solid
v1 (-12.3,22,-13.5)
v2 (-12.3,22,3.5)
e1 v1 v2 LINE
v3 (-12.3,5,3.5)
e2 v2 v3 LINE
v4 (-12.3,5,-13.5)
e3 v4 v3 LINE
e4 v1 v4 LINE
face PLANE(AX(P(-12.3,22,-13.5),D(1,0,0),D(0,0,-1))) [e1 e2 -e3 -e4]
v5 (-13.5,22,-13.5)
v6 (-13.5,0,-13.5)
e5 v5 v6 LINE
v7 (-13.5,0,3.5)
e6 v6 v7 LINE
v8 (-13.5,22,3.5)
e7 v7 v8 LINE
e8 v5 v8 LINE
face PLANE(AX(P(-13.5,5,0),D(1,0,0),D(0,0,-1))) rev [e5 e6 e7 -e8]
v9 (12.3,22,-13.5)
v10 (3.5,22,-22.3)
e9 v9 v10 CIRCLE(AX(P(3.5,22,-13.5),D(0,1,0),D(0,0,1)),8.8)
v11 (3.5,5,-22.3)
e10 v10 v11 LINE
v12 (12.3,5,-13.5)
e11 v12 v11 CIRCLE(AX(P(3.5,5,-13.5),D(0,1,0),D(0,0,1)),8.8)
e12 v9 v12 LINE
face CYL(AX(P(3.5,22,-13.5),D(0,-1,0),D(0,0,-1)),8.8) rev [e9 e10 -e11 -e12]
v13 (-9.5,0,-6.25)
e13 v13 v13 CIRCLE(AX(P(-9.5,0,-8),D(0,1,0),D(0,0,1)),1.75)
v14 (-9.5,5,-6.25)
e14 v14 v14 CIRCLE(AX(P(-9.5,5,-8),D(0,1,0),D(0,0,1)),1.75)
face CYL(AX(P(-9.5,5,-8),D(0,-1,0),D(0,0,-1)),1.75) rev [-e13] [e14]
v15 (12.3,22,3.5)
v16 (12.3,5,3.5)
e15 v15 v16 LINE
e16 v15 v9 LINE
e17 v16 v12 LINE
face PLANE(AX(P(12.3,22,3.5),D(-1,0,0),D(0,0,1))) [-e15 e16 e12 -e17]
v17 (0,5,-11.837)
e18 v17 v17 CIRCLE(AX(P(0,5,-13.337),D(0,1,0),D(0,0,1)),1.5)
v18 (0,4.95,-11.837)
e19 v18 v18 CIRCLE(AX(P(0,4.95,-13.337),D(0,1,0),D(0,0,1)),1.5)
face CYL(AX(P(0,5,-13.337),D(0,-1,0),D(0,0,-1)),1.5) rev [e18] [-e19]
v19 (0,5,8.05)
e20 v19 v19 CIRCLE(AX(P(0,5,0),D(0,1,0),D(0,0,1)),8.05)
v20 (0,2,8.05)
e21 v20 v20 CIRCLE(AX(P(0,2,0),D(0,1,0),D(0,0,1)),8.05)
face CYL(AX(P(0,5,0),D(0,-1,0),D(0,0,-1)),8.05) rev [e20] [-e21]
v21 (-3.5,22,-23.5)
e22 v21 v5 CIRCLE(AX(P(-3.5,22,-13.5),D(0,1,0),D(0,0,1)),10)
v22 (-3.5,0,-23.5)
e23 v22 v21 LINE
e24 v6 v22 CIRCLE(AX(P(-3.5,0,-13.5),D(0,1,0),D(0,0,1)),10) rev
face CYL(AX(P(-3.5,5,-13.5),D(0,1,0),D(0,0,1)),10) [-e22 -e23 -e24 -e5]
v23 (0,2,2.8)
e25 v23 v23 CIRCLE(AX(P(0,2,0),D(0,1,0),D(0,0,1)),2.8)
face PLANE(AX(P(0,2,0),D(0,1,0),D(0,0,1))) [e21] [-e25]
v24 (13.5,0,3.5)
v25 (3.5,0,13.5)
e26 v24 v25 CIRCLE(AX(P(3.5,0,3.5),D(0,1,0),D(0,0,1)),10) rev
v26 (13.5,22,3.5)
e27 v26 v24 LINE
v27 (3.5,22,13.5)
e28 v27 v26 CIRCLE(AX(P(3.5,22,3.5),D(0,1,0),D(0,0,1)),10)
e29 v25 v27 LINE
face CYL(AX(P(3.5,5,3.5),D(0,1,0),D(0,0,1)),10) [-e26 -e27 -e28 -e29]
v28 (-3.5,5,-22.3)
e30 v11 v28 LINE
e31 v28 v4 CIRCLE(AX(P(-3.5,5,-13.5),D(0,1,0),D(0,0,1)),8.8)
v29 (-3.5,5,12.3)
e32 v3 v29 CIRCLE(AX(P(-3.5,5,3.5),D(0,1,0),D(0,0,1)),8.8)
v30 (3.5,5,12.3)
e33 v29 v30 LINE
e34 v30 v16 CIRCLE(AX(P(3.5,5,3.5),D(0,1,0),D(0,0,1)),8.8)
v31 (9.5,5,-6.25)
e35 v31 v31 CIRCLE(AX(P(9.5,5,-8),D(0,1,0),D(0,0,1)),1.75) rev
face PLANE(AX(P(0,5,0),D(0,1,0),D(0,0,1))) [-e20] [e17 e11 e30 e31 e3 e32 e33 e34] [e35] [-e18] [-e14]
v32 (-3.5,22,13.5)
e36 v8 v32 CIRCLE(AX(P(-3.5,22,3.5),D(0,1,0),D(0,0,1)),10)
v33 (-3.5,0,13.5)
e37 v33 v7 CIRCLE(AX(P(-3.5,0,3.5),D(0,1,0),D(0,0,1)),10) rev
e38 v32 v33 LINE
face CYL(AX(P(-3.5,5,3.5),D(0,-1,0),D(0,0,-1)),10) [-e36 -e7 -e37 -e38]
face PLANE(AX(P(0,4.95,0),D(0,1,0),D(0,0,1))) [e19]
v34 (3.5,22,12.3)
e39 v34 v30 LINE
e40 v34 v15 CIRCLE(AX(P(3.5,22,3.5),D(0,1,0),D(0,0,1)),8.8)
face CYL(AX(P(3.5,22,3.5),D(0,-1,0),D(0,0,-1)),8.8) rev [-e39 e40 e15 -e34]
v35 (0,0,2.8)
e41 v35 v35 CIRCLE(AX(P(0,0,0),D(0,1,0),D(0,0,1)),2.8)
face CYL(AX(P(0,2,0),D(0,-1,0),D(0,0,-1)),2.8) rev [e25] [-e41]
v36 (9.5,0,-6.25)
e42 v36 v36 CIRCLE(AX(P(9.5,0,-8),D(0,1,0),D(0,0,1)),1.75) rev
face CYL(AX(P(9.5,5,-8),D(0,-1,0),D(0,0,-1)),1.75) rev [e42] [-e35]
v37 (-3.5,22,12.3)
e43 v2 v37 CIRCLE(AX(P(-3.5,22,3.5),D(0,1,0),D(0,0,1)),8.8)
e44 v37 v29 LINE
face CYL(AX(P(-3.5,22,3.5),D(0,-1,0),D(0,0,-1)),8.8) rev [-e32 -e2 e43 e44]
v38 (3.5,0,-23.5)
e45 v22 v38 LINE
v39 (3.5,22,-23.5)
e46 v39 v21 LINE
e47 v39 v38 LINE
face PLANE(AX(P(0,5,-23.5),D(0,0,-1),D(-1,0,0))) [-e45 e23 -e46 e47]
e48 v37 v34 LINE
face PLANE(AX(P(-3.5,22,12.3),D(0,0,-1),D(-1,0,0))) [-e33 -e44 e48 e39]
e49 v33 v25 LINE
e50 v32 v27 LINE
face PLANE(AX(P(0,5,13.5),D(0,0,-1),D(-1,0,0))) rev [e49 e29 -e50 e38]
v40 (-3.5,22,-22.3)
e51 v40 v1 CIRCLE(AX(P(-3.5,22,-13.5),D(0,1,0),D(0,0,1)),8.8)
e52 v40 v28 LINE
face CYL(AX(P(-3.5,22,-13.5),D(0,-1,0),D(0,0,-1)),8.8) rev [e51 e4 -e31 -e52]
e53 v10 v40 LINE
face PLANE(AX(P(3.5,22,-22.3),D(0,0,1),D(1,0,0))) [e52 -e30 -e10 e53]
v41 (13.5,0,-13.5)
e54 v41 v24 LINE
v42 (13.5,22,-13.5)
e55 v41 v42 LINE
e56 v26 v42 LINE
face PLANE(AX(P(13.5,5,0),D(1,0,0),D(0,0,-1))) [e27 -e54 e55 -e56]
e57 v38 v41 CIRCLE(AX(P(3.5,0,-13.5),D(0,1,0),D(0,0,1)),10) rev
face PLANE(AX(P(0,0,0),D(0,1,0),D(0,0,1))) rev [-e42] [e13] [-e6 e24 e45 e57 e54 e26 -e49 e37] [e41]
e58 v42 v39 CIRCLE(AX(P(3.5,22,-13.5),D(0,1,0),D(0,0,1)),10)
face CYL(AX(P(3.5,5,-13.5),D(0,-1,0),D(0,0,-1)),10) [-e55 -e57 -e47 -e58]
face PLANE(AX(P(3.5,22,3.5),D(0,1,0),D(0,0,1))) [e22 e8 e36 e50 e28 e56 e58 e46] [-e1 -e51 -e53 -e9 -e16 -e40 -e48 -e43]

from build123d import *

# Parameters (mm, degrees)
SKETCH1_W           = 27
SKETCH1_H           = 37
SKETCH1_R           = 8.05
SKETCH1_R_2         = 1.5
SKETCH1_R_3         = 1.75
BOSS_EXTRUDE1_DEPTH = 5
SKETCH1_4_R         = 1.5
BOSS_EXTRUDE3_DEPTH = 4.95
SKETCH1_5_R         = 8.05
SKETCH1_5_R_2       = 2.8
BOSS_EXTRUDE4_DEPTH = 2
FILLET1_R           = 10
BOSS_EXTRUDE5_START = 17
BOSS_EXTRUDE5_DEPTH = 17


with BuildPart() as part:
    # Sketch1 → Boss-Extrude1 (new body)
    with BuildSketch(Plane(origin=(0, 0, 0), x_dir=(1, 0, 0), z_dir=(0, 1, 0))):
        with Locations((0, 5)):
            Rectangle(SKETCH1_W, SKETCH1_H)
        with Locations(Location((0, 0, 0), (0, 0, 270))):
            Circle(SKETCH1_R, mode=Mode.SUBTRACT)
        with Locations(Location((0, 13.337, 0), (0, 0, 270))):
            Circle(SKETCH1_R_2, mode=Mode.SUBTRACT)
        with Locations(Location((-9.5, 8, 0), (0, 0, 270))):
            Circle(SKETCH1_R_3, mode=Mode.SUBTRACT)
        with Locations(Location((9.5, 8, 0), (0, 0, 270))):
            Circle(SKETCH1_R_3, mode=Mode.SUBTRACT)
    extrude(amount=BOSS_EXTRUDE1_DEPTH)

    # Sketch1<4> → Boss-Extrude3 (add)
    with BuildSketch(Plane(origin=(0, 0, 0), x_dir=(1, 0, 0), z_dir=(0, 1, 0))):
        with Locations(Location((0, 13.337, 0), (0, 0, 270))):
            Circle(SKETCH1_4_R)
    extrude(amount=BOSS_EXTRUDE3_DEPTH)

    # Sketch1<5> → Boss-Extrude4 (add)
    # profile 1 of 3: a face of its own
    with BuildSketch(Plane(origin=(0, 0, 0), x_dir=(1, 0, 0), z_dir=(0, 1, 0))):
        with Locations(Location((0, 0, 0), (0, 0, 270))):
            Circle(SKETCH1_5_R)
        with Locations(Location((0, 0, 0), (0, 0, 270))):
            Circle(SKETCH1_5_R_2, mode=Mode.SUBTRACT)
    # profile 2 of 3: a face of its own
    with BuildSketch(Plane(origin=(0, 0, 0), x_dir=(1, 0, 0), z_dir=(0, 1, 0))):
        with BuildLine():
            ThreePointArc((-5.45, 5.924525297), (-5.753510872, 5.630240905), (-6.041153839, 5.320428582))
            Line((-6.041153839, 5.320428582), (-5.45, 5.66173141))
            Line((-5.45, 5.66173141), (-5.45, 5.924525297))
        make_face()
    # profile 3 of 3: a face of its own
    with BuildSketch(Plane(origin=(0, 0, 0), x_dir=(1, 0, 0), z_dir=(0, 1, 0))):
        with BuildLine():
            Line((5.45, 5.66173141), (6.041153839, 5.320428582))
            ThreePointArc((6.041153839, 5.320428582), (5.753510872, 5.630240905), (5.45, 5.924525297))
            Line((5.45, 5.924525297), (5.45, 5.66173141))
        make_face()
    extrude(amount=BOSS_EXTRUDE4_DEPTH)

    # Fillet1
    fillet1_edges = [part.edges().sort_by_distance(p)[0] for p in [
        (-13.5, 2.5, -23.5),
        (13.5, 2.5, -23.5),
        (13.5, 2.5, 13.5),
        (-13.5, 2.5, 13.5),
    ]]
    fillet(fillet1_edges, radius=FILLET1_R)

    # Sketch2 → Boss-Extrude5 (add)
    with BuildSketch(Plane(origin=(0, 5, 0), x_dir=(1, 0, 0), z_dir=(0, 1, 0)).offset(BOSS_EXTRUDE5_START)):
        with BuildLine():
            Line((13.5, -3.5), (13.5, 13.5))
            ThreePointArc((13.5, 13.5), (10.571067812, 20.571067812), (3.5, 23.5))
            Line((3.5, 23.5), (-3.5, 23.5))
            ThreePointArc((-3.5, 23.5), (-10.571067812, 20.571067812), (-13.5, 13.5))
            Line((-13.5, 13.5), (-13.5, -3.5))
            ThreePointArc((-13.5, -3.5), (-10.571067812, -10.571067812), (-3.5, -13.5))
            Line((-3.5, -13.5), (3.5, -13.5))
            ThreePointArc((3.5, -13.5), (10.571067812, -10.571067812), (13.5, -3.5))
        make_face()
        with BuildLine():
            Line((-12.3, 13.5), (-12.3, -3.5))
            ThreePointArc((-12.3, -3.5), (-9.722539674, -9.722539674), (-3.5, -12.3))
            Line((-3.5, -12.3), (3.5, -12.3))
            ThreePointArc((3.5, -12.3), (9.722539674, -9.722539674), (12.3, -3.5))
            Line((12.3, -3.5), (12.3, 13.5))
            ThreePointArc((12.3, 13.5), (9.722539674, 19.722539674), (3.5, 22.3))
            Line((3.5, 22.3), (-3.5, 22.3))
            ThreePointArc((-3.5, 22.3), (-9.722539674, 19.722539674), (-12.3, 13.5))
        make_face(mode=Mode.SUBTRACT)
    extrude(amount=-BOSS_EXTRUDE5_DEPTH)


solid = part.part
